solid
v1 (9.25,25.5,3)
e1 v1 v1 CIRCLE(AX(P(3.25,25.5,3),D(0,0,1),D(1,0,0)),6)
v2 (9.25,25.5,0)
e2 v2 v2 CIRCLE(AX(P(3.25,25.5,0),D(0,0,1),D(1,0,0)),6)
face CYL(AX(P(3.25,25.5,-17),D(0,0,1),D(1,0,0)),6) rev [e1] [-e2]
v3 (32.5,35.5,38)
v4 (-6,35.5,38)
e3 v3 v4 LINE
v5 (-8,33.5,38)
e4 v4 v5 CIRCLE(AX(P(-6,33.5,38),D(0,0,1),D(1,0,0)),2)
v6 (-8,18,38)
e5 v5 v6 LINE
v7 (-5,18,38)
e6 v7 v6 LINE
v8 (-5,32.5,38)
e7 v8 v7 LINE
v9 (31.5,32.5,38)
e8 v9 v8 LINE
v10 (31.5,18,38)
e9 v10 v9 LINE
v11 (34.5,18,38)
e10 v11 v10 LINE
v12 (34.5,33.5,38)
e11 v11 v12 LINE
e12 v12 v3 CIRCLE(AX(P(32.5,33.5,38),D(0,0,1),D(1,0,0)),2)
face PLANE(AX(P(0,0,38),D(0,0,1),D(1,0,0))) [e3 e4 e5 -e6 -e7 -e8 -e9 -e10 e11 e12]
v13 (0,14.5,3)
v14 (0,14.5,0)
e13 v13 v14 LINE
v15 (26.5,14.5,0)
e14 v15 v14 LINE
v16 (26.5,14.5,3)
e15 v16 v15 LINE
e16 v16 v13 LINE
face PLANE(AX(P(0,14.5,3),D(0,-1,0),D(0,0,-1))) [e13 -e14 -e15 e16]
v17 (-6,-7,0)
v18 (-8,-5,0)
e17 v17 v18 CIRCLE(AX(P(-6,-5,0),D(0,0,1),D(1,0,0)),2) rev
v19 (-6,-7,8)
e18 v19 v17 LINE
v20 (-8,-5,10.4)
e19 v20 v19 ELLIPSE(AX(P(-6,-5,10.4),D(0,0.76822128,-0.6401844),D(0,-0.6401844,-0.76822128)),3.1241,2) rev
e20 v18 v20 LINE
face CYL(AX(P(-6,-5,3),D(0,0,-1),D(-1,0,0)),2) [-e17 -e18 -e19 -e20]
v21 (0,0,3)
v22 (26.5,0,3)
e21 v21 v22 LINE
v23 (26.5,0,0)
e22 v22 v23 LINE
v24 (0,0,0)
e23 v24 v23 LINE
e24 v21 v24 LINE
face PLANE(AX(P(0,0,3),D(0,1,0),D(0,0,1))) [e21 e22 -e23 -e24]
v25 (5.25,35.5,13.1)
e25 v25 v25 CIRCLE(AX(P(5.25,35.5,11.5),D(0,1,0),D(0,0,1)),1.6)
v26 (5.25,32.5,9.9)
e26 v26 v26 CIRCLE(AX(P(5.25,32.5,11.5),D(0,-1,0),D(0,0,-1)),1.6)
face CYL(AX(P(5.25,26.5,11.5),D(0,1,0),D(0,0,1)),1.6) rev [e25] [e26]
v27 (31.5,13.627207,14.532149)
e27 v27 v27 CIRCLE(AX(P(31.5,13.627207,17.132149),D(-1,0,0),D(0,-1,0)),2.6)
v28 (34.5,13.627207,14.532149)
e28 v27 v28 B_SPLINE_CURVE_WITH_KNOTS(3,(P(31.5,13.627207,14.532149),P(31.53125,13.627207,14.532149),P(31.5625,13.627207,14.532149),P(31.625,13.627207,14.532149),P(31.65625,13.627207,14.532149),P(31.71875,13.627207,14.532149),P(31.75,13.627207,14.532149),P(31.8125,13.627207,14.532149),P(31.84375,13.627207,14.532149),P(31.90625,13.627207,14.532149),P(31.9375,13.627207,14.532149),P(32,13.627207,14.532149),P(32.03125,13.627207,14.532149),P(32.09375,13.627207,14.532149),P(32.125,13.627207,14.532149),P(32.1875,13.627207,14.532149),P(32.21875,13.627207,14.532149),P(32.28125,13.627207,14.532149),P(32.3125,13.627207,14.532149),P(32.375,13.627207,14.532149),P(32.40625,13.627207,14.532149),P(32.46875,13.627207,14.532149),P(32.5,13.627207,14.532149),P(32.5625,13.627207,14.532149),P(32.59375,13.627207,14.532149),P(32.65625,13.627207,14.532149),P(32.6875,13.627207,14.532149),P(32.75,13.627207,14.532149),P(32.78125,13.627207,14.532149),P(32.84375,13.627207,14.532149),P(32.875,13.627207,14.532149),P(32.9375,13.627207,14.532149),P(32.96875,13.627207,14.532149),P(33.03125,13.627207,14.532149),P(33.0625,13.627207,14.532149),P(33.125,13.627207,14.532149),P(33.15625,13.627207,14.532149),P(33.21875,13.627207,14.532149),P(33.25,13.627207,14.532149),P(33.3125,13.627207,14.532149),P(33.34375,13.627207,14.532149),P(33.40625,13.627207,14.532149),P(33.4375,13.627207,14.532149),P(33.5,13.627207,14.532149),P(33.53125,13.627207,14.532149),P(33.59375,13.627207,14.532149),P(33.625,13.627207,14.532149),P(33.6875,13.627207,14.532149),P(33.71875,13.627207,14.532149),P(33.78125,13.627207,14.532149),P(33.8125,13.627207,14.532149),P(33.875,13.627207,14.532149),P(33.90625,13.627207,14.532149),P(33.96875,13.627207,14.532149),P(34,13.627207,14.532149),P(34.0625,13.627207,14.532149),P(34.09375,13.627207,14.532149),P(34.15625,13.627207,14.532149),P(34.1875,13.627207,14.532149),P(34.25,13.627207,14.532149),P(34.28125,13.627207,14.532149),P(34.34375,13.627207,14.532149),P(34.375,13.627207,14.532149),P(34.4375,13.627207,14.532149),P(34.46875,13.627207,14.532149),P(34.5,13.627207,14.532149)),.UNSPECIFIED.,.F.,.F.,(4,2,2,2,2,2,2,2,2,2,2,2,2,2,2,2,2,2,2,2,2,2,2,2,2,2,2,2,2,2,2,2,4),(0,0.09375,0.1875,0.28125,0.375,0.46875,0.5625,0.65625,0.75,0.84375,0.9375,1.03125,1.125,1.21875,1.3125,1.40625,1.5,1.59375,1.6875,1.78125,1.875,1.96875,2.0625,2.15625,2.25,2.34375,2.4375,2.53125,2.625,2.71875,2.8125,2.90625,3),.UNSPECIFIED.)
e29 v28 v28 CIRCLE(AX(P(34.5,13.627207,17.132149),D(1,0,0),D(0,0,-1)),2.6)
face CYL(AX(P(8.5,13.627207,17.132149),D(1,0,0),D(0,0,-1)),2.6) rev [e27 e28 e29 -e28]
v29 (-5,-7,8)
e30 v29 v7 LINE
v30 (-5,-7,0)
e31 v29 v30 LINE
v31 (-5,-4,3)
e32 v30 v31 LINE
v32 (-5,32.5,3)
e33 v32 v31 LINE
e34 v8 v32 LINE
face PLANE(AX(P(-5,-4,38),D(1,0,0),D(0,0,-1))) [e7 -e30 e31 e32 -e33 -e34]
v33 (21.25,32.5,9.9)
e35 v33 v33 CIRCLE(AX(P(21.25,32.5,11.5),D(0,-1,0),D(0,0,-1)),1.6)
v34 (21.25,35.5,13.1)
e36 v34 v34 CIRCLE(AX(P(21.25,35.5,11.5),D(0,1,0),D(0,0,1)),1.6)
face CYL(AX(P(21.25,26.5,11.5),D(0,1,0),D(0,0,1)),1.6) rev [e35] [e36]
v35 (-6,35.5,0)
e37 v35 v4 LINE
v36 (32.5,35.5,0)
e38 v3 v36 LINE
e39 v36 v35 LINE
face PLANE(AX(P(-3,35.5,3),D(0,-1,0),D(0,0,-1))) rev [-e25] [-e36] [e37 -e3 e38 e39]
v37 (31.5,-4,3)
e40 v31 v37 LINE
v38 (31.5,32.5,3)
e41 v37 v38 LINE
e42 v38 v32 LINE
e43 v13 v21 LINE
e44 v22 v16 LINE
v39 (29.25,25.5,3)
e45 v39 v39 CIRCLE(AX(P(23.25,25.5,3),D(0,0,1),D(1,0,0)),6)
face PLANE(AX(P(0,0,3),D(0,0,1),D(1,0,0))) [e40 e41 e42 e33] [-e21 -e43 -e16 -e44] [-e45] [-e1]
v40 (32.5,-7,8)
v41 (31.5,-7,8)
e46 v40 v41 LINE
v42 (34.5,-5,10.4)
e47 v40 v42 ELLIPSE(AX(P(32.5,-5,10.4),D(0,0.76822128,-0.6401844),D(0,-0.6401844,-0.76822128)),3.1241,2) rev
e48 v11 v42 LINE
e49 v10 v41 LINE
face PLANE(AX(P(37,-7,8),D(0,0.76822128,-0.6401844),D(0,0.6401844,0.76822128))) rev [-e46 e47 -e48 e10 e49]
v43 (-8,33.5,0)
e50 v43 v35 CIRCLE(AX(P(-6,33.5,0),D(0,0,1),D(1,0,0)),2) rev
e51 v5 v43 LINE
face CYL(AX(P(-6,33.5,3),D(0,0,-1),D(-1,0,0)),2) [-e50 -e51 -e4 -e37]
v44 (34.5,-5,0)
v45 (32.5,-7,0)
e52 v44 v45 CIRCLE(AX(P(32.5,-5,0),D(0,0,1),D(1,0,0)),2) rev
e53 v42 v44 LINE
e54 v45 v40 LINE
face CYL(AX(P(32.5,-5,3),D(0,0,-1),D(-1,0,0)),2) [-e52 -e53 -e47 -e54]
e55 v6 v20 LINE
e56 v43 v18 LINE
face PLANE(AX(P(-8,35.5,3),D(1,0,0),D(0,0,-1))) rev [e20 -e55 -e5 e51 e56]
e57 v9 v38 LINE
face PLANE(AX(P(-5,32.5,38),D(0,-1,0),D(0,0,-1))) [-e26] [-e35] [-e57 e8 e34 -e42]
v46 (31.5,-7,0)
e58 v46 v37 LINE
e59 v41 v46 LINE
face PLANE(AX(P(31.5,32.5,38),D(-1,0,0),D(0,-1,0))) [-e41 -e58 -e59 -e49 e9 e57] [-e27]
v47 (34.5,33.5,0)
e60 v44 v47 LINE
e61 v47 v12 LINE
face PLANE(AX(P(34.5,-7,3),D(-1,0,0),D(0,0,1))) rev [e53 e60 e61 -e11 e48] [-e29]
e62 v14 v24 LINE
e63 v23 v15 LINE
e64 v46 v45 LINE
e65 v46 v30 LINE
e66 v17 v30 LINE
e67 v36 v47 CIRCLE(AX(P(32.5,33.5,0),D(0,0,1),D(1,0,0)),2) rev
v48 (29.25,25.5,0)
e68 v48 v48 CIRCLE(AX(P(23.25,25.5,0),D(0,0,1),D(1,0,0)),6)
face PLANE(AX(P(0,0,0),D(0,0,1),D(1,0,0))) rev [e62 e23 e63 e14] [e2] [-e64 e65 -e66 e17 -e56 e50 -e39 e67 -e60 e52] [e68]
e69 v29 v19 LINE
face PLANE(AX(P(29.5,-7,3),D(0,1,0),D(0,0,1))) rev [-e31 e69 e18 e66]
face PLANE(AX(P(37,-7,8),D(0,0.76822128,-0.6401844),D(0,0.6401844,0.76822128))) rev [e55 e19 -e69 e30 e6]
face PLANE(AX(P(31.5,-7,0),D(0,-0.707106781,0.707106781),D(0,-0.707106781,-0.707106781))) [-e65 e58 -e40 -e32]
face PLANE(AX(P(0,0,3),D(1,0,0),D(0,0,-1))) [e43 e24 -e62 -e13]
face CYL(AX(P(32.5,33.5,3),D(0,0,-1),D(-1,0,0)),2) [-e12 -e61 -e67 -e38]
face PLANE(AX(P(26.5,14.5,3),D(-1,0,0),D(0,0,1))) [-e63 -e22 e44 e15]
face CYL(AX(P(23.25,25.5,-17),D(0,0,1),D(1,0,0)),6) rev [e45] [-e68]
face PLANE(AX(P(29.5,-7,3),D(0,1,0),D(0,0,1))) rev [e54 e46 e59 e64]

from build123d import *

# Parameters (mm, degrees)
SKETCH_1_W          = 26.5
SKETCH_1_H          = 14.5
EXTRUDE_1_DEPTH     = 3
SKETCH_4_R          = 6
CUT_EXTRUDE_1_DEPTH = 20
SKETCH_5_W          = 36.5
SKETCH_5_H          = 36.5
EXTRUDE_3_DEPTH     = 35
CUT_EXTRUDE_3_DEPTH = 45
SKETCH_9_R          = 2.6
CUT_EXTRUDE_4_DEPTH = 26
FILLET_1_R          = 2
SKETCH_10_R         = 1.6
CUT_EXTRUDE_5_DEPTH = 9
CUT_EXTRUDE_6_DEPTH = 36.5


with BuildPart() as part:
    # 草图1 → 凸台-拉伸1 (new body)
    with BuildSketch(Plane.XY):
        Polygon((29.5, -7), (34.5, -7), (34.5, 35.5), (29.5, 35.5), (-3, 35.5), (-8, 35.5), (-8, -7), (-3, -7), align=None)
        with Locations((13.25, 7.25)):
            Rectangle(SKETCH_1_W, SKETCH_1_H, mode=Mode.SUBTRACT)
    extrude(amount=EXTRUDE_1_DEPTH)

    # 草图4 → 切除-拉伸1 (cut)
    with BuildSketch(Plane.XY.offset(3)):
        with Locations((3.25, 25.5)):
            Circle(SKETCH_4_R)
        with Locations((23.25, 25.5)):
            Circle(SKETCH_4_R)
    extrude(amount=-CUT_EXTRUDE_1_DEPTH, mode=Mode.SUBTRACT)

    # 草图5 → 凸台-拉伸3 (add)
    with BuildSketch(Plane.XY.offset(3)):
        Polygon((-8, 35.5), (-8, 32.5), (-8, -7), (34.5, -7), (34.5, 35.5), align=None)
        with Locations((13.25, 14.25)):
            Rectangle(SKETCH_5_W, SKETCH_5_H, mode=Mode.SUBTRACT)
    extrude(amount=EXTRUDE_3_DEPTH)

    # 草图8 → 切除-拉伸3 (cut)
    with BuildSketch(Plane.ZY.offset(8)):
        Polygon((38, -7), (38, 8), (38, 18), (8, -7), align=None)
    extrude(amount=-CUT_EXTRUDE_3_DEPTH, mode=Mode.SUBTRACT)

    # 草图9 → 切除-拉伸4 (cut)
    with BuildSketch(Plane(origin=(34.5, 0, 0), x_dir=(0, 0, -1), z_dir=(1, 0, 0))):
        with Locations((-17.132149333, 13.627207238)):
            Circle(SKETCH_9_R)
    extrude(amount=-CUT_EXTRUDE_4_DEPTH, mode=Mode.SUBTRACT)

    # 圆角1
    fillet_1_edges = [part.edges().sort_by_distance(p)[0] for p in [
        (-8, 35.5, 19),
        (34.5, 35.5, 19),
        (34.5, -7, 4),
        (-8, -7, 4),
    ]]
    fillet(fillet_1_edges, radius=FILLET_1_R)

    # 草图10 → 切除-拉伸5 (cut)
    with BuildSketch(Plane(origin=(0, 35.5, 0), x_dir=(1, 0, 0), z_dir=(0, 1, 0))):
        with Locations(Location((21.25, -11.5, 0), (0, 0, 270))):
            Circle(SKETCH_10_R)
        with Locations(Location((5.25, -11.5, 0), (0, 0, 270))):
            Circle(SKETCH_10_R)
    extrude(amount=-CUT_EXTRUDE_5_DEPTH, mode=Mode.SUBTRACT)

    # 草图11 → 切除-拉伸6 (cut)
    with BuildSketch(Plane(origin=(-5, 0, 0), x_dir=(0, 0, -1), z_dir=(1, 0, 0))):
        Polygon((-3, -7), (0, -7), (-3, -4), (-14.237966717, -4), (-14.237966717, -7), align=None)
    extrude(amount=CUT_EXTRUDE_6_DEPTH, mode=Mode.SUBTRACT)


solid = part.part
